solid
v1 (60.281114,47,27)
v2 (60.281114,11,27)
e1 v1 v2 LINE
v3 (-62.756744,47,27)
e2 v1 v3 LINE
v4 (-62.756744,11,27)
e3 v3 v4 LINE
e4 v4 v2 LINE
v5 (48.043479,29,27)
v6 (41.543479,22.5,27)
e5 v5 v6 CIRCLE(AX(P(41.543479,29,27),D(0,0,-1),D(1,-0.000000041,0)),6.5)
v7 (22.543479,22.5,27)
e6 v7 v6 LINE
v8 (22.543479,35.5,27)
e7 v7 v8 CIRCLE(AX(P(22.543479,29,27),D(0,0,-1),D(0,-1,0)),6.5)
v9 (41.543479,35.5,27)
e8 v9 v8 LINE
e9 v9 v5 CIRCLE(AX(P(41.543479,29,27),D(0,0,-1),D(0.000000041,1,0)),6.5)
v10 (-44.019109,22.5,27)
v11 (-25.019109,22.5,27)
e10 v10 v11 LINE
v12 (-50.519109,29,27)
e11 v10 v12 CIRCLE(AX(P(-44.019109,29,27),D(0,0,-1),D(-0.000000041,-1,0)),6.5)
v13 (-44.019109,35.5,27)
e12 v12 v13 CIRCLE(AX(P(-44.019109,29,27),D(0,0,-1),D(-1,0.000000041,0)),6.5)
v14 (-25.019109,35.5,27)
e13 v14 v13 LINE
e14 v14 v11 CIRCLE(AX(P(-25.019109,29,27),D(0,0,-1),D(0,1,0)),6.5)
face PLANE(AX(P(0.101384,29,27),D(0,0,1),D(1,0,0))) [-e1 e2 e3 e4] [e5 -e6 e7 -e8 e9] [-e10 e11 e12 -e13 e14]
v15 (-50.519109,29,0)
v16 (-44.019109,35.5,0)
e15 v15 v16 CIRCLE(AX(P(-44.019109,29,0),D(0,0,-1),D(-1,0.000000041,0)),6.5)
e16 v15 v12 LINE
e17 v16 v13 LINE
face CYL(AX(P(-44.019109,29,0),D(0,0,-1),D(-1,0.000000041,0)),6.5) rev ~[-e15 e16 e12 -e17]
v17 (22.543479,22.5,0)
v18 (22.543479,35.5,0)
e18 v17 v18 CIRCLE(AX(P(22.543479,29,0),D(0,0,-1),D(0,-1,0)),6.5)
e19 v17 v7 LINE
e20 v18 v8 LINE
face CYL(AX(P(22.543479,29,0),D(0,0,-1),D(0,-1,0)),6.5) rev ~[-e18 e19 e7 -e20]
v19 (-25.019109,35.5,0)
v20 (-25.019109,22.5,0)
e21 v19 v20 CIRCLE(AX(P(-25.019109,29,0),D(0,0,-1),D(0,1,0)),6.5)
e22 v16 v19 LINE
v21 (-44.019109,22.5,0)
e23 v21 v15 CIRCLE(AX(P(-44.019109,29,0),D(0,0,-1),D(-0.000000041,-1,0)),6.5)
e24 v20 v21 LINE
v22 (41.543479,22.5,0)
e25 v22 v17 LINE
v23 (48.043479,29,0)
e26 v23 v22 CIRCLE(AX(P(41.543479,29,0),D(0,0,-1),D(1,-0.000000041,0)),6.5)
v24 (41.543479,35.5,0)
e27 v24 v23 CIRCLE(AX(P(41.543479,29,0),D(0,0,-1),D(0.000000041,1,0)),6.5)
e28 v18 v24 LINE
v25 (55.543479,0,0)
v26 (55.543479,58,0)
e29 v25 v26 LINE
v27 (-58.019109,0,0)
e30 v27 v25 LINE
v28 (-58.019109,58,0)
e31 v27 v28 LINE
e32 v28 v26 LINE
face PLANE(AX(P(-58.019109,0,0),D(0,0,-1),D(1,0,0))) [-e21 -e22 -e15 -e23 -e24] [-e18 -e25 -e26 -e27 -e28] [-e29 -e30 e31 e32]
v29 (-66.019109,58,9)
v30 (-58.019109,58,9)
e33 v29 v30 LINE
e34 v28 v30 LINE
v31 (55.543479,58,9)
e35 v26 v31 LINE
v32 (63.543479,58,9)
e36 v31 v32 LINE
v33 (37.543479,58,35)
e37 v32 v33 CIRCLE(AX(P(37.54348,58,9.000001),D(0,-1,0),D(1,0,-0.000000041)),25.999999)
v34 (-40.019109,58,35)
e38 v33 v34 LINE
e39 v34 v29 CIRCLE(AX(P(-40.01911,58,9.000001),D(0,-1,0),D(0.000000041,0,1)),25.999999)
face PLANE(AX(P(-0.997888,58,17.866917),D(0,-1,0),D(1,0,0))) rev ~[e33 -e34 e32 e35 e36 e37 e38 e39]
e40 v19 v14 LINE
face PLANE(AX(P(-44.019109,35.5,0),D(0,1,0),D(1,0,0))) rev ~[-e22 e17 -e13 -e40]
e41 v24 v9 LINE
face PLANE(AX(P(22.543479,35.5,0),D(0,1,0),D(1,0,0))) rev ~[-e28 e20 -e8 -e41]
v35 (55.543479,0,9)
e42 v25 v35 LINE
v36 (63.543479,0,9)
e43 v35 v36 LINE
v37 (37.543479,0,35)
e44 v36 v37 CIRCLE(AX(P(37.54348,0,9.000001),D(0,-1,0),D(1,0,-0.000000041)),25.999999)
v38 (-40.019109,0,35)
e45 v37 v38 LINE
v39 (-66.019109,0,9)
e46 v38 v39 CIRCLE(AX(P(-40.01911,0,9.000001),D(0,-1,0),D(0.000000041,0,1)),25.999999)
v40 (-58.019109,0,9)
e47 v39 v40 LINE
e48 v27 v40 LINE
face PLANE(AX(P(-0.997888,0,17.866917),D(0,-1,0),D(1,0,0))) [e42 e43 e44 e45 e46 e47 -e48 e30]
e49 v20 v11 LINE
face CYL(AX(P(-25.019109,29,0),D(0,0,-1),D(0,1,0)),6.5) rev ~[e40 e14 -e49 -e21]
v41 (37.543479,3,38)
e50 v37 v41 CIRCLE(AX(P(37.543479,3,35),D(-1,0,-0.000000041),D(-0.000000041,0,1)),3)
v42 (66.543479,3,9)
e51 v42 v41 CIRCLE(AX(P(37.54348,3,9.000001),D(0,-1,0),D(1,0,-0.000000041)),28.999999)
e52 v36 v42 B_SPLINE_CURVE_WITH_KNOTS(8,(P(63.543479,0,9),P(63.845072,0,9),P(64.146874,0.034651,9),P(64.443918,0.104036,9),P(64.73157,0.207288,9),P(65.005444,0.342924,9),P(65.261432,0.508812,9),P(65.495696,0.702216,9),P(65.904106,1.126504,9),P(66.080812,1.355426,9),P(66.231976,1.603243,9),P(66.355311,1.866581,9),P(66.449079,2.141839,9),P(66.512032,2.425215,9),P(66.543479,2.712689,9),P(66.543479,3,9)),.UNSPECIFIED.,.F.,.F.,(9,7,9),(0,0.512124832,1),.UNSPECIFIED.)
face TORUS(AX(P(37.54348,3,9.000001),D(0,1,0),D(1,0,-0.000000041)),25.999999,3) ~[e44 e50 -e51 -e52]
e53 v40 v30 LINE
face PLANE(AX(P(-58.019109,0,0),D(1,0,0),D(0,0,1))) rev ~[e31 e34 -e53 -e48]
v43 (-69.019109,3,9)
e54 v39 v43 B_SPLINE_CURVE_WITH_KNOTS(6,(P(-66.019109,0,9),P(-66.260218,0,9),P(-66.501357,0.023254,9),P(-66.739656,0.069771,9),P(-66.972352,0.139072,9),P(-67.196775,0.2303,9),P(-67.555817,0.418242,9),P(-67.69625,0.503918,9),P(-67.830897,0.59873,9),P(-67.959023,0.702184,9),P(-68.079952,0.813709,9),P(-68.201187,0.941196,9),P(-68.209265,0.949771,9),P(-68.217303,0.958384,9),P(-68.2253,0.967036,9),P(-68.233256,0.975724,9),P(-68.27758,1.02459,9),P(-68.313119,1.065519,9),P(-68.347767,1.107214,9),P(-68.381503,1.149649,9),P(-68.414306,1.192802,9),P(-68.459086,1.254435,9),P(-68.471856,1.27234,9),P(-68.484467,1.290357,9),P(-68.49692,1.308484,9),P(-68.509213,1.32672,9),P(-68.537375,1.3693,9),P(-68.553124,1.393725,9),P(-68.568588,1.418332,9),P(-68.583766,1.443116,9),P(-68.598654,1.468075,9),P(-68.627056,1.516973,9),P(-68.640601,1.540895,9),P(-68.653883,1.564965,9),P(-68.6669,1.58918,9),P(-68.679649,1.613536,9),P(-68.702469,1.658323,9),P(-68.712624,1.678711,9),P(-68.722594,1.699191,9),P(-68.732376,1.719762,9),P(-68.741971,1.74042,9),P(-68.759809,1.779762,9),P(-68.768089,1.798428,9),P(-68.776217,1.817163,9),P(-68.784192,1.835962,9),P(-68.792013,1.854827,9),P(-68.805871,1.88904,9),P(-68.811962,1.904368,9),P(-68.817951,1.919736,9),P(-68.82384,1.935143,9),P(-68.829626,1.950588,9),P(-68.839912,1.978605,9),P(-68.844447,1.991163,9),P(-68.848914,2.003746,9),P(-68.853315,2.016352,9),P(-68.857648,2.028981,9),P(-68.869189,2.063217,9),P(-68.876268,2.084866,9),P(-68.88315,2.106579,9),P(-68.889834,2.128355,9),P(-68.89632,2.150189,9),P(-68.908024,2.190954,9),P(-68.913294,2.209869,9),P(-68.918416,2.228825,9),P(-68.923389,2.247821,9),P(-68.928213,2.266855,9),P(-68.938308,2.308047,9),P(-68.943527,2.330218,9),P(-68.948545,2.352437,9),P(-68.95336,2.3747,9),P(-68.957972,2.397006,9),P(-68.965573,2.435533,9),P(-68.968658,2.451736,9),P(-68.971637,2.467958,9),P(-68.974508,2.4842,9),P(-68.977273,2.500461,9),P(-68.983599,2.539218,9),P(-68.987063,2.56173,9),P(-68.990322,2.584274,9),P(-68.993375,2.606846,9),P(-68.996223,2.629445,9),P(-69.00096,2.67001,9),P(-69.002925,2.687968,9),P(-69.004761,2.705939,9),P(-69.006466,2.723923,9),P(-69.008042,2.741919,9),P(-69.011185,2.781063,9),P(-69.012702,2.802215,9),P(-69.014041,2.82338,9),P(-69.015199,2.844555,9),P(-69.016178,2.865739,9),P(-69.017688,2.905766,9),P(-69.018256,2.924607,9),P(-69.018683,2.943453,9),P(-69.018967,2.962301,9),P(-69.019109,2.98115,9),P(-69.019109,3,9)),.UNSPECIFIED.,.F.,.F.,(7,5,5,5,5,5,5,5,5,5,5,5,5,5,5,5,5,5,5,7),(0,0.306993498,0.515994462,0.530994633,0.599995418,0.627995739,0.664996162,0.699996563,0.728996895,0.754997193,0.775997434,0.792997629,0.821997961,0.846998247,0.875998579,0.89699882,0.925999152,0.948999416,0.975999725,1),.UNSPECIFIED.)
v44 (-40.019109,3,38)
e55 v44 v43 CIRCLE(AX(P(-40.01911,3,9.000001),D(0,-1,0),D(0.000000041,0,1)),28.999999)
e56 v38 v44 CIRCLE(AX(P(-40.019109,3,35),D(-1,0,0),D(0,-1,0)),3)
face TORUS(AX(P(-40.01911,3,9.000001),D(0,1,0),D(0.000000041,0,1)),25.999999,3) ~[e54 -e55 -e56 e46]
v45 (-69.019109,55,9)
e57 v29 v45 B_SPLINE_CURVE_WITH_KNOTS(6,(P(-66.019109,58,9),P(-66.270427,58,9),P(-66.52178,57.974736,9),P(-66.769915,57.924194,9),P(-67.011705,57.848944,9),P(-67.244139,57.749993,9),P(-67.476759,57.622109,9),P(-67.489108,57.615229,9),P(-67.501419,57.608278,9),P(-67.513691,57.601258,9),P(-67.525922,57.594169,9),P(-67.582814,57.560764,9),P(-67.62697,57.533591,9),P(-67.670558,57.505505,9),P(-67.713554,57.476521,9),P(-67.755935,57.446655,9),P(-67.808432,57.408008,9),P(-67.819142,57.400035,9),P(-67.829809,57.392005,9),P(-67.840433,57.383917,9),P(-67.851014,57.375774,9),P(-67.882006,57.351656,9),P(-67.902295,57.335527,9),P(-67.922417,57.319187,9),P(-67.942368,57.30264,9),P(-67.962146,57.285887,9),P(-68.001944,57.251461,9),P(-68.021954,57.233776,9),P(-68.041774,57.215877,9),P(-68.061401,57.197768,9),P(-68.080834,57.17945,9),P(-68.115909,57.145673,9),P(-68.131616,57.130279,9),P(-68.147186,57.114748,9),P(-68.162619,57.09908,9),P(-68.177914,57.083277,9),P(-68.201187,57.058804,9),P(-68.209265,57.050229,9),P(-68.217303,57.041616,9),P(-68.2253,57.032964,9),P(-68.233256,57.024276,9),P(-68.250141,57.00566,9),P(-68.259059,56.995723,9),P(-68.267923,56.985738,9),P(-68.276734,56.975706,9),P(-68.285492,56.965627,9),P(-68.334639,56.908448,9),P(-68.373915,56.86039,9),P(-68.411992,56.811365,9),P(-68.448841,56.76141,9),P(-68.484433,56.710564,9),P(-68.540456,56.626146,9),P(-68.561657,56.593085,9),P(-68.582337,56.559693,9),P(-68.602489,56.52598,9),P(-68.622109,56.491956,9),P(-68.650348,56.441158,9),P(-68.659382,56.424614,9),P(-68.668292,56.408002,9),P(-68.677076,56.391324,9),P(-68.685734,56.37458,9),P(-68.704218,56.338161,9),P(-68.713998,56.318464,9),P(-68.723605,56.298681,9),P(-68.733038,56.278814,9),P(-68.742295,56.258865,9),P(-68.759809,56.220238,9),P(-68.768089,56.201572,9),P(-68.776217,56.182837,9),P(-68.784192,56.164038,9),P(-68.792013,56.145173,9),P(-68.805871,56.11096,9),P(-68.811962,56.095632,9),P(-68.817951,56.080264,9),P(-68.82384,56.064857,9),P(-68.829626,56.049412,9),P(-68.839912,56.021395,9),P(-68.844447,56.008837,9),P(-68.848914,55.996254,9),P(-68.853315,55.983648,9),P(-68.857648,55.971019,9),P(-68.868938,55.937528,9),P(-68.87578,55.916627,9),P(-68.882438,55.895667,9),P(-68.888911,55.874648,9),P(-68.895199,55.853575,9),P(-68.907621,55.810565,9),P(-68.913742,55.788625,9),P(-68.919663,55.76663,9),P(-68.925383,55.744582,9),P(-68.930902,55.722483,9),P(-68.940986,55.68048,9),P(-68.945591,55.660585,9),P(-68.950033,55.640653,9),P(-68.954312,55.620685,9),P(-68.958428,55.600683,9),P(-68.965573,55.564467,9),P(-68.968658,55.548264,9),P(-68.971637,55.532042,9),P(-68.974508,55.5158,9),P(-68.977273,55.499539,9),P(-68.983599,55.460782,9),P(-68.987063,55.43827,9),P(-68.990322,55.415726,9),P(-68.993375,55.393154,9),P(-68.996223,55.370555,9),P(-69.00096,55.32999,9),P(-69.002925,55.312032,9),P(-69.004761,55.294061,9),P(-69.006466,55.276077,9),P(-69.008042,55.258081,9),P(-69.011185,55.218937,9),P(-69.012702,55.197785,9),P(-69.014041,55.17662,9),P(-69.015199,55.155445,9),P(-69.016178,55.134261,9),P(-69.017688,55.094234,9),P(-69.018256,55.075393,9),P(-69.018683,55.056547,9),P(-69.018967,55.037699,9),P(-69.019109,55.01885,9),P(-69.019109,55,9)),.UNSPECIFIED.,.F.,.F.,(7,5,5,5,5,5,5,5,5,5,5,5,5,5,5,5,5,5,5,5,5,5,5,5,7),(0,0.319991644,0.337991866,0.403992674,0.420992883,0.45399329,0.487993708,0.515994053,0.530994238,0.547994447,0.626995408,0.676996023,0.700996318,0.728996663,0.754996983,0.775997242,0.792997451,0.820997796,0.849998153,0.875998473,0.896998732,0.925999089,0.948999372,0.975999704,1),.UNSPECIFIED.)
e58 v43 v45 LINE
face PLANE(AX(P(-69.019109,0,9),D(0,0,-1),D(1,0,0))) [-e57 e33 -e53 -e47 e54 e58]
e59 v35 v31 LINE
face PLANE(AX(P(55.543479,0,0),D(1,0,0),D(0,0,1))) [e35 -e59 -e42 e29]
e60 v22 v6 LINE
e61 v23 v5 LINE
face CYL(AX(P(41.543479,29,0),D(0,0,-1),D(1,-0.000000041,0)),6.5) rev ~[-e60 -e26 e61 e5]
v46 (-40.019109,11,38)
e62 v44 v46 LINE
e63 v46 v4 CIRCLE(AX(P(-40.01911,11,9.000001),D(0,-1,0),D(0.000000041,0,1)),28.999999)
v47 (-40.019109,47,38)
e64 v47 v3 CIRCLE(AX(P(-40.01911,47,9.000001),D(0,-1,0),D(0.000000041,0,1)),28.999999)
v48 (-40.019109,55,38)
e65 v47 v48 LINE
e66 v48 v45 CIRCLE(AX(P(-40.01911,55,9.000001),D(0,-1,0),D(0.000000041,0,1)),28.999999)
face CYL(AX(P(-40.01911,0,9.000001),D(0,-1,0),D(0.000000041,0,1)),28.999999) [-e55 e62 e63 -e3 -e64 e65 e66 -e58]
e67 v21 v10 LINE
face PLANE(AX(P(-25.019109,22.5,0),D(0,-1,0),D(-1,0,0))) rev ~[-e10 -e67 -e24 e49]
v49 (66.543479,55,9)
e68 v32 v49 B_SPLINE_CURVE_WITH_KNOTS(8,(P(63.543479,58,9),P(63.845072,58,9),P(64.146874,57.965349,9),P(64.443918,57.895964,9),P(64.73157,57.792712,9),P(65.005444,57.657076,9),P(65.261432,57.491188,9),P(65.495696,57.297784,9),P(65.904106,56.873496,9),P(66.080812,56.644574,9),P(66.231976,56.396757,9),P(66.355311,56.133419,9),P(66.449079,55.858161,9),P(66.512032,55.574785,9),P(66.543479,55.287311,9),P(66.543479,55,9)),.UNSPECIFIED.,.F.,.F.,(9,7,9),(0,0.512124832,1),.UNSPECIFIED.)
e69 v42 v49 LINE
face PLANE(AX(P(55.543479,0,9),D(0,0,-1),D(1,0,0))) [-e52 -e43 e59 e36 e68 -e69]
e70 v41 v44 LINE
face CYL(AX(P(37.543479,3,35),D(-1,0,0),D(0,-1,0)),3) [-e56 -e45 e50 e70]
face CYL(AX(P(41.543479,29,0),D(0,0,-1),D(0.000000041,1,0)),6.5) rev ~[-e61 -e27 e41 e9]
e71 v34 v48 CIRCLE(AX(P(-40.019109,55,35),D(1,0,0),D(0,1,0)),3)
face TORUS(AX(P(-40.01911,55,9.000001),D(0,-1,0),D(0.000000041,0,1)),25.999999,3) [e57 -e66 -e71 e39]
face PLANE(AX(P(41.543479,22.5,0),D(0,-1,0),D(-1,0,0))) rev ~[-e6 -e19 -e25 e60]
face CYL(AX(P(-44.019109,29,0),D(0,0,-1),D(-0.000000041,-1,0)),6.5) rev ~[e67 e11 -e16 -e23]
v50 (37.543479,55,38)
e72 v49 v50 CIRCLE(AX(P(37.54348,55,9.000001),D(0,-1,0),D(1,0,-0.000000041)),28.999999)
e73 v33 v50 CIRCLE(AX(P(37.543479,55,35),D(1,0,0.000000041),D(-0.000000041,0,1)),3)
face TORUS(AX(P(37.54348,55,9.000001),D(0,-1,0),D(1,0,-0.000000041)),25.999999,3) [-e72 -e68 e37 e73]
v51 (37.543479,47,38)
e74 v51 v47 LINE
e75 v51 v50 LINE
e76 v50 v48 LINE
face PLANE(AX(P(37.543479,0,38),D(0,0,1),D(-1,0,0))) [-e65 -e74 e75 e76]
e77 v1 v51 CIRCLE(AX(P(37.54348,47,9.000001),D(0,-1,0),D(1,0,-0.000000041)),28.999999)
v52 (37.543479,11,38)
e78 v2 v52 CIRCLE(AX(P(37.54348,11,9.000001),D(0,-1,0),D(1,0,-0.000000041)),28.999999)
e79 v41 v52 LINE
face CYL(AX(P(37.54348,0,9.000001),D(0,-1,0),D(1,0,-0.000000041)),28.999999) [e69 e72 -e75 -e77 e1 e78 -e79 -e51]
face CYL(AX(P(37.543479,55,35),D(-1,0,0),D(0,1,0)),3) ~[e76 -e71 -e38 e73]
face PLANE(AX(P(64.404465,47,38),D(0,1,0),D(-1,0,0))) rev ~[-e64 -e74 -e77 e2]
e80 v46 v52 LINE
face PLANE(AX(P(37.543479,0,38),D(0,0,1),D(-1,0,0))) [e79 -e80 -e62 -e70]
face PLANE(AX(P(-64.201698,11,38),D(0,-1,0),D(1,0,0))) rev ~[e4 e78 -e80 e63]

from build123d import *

# Parameters (mm, degrees)
F0_W     = 8.562588
F0_H     = 9
F1_DEPTH = 58
F3_DEPTH = 11
F4_R     = 3
F6_DEPTH = 38.001


with BuildPart() as f1:
    # F0 (on Front) → F1 (new body)
    with BuildSketch(Plane.XZ):
        with BuildLine():
            Line((-49.456521, 9), (-49.456521, 0))
            Line((-49.456521, 0), (55.543479, 0))
            Line((55.543479, 0), (55.543479, 9))
            Line((55.543479, 9), (66.543479, 9))
            ThreePointArc((66.543479, 9), (58.049576, 29.506097), (37.543479, 38))
            Line((37.543479, 38), (-40.019109, 38))
            ThreePointArc((-40.019109, 38), (-60.525206, 29.506097), (-69.019109, 9))
            Line((-69.019109, 9), (-58.019109, 9))
            Line((-58.019109, 9), (-49.456521, 9))
        make_face()
        with Locations((-53.737815, 4.5)):
            Rectangle(F0_W, F0_H)
    extrude(amount=-F1_DEPTH)

    # F2 (on face) → F3 (cut)
    with BuildSketch(Plane.XY.offset(38)):
        Polygon((-64.201698, 11), (0, 11), (60.26233, 11), (64.404465, 11), (64.404465, 47), (60.26233, 47), (0, 47), (-64.201698, 47), align=None)
    extrude(amount=-F3_DEPTH, mode=Mode.SUBTRACT)

    # F4
    f4_edges = [f1.edges().sort_by_distance(p)[0] for p in [
        (-1.237815, 0, 38),
        (-1.237815, 58, 38),
        (-60.525206, 0, 29.506097),
        (58.049576, 0, 29.506097),
        (-60.525206, 58, 29.506097),
        (58.049576, 58, 29.506097),
    ]]
    fillet(f4_edges, radius=F4_R)

    # F5 (on face) → F6 (cut, through all)
    with BuildSketch(Plane(origin=(0, 0, 0), x_dir=(1, 0, 0), z_dir=(0, 0, -1))):
        with BuildLine():
            Line((-25.019109, -22.5), (-44.019109, -22.5))
            ThreePointArc((-44.019109, -22.5), (-48.615303, -24.403806), (-50.519109, -29))
            ThreePointArc((-50.519109, -29), (-48.615303, -33.596194), (-44.019109, -35.5))
            Line((-44.019109, -35.5), (-25.019109, -35.5))
            ThreePointArc((-25.019109, -35.5), (-18.519109, -29), (-25.019109, -22.5))
        make_face()
        with BuildLine():
            Line((41.543479, -22.5), (22.543479, -22.5))
            ThreePointArc((22.543479, -22.5), (16.043479, -29), (22.543479, -35.5))
            Line((22.543479, -35.5), (41.543479, -35.5))
            ThreePointArc((41.543479, -35.5), (46.139673, -33.596194), (48.043479, -29))
            ThreePointArc((48.043479, -29), (46.139673, -24.403806), (41.543479, -22.5))
        make_face()
    extrude(amount=-F6_DEPTH, mode=Mode.SUBTRACT)


solid = f1.part
